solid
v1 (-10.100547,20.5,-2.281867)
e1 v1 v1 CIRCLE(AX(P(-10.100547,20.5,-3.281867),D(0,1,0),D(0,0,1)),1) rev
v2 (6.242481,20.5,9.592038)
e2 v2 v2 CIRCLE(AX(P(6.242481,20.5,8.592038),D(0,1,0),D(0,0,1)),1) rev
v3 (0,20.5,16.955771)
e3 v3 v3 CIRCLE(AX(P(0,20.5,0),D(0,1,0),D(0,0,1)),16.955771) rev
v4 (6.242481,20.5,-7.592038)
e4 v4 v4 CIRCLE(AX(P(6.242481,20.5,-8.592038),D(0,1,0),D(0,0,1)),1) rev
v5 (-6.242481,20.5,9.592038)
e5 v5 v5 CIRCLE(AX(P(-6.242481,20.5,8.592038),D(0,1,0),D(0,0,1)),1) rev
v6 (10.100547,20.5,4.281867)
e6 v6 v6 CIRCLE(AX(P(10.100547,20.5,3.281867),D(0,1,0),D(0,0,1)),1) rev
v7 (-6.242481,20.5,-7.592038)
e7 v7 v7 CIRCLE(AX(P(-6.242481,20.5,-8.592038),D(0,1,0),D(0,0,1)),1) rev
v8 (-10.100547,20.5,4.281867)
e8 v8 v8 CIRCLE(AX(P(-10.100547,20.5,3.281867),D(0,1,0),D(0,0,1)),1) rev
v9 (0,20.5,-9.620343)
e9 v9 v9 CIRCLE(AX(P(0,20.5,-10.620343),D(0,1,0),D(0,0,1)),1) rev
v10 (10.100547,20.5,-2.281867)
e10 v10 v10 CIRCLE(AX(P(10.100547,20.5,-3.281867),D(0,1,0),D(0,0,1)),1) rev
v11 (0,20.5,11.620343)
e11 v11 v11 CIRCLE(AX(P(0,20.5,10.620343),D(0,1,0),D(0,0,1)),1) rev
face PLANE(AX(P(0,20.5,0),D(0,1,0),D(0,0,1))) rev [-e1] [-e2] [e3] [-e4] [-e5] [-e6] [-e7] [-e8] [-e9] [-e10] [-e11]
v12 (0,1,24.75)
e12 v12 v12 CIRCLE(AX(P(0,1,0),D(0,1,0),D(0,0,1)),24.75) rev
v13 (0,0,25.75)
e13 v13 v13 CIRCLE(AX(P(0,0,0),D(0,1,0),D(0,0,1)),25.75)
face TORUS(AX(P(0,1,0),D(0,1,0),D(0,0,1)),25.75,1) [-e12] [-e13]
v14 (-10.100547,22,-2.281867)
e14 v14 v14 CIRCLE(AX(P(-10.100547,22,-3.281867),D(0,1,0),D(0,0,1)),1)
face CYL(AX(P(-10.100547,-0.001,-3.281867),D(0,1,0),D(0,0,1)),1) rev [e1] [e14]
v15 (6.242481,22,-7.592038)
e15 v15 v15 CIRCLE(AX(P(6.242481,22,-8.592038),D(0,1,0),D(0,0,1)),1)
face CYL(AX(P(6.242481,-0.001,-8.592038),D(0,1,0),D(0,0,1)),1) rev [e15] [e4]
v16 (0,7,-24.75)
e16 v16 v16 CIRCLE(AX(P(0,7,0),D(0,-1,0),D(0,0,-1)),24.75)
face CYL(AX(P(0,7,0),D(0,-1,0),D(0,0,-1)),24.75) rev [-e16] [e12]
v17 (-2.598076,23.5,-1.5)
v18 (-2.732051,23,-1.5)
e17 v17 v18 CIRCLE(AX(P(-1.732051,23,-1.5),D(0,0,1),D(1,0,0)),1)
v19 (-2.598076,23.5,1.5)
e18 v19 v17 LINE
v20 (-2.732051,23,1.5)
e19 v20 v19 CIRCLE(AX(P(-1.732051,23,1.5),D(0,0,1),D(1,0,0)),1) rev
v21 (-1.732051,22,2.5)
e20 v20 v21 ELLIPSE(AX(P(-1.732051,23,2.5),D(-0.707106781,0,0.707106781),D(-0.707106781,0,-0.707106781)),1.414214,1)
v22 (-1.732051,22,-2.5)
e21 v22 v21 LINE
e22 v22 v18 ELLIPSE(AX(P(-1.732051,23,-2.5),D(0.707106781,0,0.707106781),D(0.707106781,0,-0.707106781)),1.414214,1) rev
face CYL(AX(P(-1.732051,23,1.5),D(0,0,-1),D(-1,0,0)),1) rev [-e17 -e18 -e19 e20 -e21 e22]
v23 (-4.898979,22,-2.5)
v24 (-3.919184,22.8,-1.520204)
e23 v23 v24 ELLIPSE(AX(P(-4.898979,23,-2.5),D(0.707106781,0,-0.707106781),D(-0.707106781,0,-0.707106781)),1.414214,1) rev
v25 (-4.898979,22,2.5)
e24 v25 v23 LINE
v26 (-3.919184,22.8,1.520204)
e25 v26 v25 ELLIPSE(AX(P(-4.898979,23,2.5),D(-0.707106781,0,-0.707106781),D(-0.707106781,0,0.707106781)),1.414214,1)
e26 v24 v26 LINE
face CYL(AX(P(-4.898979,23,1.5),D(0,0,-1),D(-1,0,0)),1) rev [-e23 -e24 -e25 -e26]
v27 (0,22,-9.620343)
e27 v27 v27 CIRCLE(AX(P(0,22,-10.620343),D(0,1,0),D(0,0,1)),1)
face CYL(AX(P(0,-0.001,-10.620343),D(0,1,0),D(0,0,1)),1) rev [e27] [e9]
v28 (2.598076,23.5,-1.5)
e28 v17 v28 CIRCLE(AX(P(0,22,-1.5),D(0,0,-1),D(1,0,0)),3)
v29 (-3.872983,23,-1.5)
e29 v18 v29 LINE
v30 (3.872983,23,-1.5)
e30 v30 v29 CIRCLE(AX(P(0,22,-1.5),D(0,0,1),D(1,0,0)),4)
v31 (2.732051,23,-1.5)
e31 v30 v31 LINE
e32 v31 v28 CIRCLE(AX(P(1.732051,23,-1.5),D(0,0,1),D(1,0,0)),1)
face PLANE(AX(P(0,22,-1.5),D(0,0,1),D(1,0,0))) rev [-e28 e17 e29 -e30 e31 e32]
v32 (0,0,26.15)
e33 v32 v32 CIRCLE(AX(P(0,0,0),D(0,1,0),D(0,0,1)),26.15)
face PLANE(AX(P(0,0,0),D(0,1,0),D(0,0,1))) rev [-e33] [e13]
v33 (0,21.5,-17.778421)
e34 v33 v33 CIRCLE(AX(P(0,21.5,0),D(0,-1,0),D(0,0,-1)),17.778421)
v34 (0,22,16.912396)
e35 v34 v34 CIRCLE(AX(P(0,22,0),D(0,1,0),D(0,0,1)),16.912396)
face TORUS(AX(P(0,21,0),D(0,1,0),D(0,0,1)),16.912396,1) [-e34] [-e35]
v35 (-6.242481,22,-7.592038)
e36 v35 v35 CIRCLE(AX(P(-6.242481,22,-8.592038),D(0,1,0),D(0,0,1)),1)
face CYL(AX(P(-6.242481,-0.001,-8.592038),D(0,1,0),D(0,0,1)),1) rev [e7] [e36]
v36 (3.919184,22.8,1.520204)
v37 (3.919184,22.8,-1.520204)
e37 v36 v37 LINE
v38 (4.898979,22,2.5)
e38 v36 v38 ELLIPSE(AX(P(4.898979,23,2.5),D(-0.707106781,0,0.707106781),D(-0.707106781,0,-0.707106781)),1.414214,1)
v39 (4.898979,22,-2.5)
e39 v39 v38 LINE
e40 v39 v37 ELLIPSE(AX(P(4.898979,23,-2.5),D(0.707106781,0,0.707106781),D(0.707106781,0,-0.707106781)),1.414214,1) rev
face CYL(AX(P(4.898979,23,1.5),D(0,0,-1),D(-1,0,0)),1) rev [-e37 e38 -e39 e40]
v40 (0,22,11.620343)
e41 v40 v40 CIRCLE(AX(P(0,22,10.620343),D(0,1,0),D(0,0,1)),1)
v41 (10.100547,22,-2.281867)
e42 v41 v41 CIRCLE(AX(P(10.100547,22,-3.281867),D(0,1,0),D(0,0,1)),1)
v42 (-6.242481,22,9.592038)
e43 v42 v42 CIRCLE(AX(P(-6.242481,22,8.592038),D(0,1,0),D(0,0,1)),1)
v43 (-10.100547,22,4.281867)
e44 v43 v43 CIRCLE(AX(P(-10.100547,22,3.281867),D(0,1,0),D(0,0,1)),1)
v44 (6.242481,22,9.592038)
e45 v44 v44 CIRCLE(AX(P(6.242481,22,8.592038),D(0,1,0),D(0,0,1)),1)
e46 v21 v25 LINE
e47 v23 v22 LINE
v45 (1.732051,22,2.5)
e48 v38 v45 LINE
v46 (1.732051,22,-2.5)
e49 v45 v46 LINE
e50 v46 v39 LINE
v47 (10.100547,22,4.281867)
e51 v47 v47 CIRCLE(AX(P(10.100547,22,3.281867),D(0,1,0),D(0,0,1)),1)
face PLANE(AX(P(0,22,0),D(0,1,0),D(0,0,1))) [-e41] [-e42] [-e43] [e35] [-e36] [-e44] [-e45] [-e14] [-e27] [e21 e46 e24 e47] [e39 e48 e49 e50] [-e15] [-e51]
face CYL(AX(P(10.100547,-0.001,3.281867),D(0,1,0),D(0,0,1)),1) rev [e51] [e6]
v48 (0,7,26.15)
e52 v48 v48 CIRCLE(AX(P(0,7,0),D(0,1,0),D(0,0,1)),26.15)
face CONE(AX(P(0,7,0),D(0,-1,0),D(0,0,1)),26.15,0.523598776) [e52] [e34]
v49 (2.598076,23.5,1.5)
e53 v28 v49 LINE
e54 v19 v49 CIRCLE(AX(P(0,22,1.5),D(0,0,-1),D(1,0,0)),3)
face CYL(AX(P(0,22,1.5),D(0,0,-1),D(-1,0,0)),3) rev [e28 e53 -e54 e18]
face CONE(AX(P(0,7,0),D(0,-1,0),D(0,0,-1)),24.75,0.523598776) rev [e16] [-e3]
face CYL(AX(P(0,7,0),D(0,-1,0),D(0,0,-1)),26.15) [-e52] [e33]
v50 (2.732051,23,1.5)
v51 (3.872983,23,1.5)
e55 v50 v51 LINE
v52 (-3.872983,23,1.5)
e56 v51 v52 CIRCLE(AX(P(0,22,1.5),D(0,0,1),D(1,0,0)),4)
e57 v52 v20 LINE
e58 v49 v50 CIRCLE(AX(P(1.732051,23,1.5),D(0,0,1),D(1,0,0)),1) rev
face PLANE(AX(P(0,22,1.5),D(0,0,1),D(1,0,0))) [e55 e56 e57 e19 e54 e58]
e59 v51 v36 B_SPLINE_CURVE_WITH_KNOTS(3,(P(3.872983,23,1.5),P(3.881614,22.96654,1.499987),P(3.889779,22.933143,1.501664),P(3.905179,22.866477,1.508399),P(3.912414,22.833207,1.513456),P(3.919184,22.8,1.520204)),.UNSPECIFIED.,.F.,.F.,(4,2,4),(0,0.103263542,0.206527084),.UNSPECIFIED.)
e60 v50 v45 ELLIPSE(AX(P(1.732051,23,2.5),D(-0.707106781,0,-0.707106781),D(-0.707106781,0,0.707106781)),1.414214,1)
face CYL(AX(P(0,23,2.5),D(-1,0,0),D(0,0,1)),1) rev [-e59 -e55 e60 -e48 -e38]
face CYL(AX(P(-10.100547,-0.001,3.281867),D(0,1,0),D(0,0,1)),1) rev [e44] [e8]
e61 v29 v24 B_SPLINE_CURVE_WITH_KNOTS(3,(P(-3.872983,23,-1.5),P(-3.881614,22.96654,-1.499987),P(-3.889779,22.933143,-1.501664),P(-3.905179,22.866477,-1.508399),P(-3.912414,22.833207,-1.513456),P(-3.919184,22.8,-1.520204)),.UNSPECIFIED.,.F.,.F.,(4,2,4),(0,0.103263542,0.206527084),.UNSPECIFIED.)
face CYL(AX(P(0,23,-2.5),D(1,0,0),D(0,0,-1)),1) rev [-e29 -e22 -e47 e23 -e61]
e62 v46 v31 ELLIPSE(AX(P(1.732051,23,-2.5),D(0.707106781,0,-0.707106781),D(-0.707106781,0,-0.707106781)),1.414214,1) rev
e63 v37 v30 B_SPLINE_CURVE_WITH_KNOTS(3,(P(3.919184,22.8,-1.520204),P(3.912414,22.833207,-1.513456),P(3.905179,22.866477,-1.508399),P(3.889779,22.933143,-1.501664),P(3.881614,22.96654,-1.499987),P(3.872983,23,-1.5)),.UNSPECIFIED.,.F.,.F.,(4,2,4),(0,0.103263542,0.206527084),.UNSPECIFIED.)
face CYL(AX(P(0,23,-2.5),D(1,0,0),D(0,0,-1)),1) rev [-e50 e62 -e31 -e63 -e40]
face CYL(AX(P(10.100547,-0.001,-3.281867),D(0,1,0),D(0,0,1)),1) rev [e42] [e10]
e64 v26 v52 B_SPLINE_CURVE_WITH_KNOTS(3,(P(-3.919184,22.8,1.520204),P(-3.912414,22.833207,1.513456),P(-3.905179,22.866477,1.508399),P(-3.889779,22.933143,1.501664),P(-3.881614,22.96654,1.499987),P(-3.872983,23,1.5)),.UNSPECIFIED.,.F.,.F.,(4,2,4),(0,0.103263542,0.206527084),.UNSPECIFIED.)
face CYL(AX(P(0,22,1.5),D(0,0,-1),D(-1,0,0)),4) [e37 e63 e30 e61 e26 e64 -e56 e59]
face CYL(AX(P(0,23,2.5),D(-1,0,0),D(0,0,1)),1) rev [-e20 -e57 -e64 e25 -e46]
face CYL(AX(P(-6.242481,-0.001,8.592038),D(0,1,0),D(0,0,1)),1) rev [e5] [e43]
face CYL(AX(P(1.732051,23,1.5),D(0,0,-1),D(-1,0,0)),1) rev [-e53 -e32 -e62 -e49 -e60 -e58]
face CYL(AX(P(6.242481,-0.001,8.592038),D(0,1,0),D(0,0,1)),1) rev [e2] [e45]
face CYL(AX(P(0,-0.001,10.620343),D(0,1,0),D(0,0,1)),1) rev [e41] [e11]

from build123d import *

# Parameters (mm, degrees)
SKETCH1_R           = 26.15
SKETCH1_R_2         = 24.75
BOSS_EXTRUDE1_DEPTH = 7
SKETCH3_R           = 26.15
BOSS_EXTRUDE2_DEPTH = 15
BOSS_EXTRUDE2_TAPER = 30
SKETCH4_R           = 24.75
CUT_EXTRUDE1_DEPTH  = 13.5
CUT_EXTRUDE1_DRAFT  = -30
BOSS_EXTRUDE4_DEPTH = 1.5
FILLET2_R           = 1
CUT_EXTRUDE2_REACH  = 45.031
SKETCH6_R           = 1


with BuildPart() as part:
    # Sketch1 → Boss-Extrude1 (new body)
    with BuildSketch(Plane(origin=(0, 0, 0), x_dir=(1, 0, 0), z_dir=(0, 1, 0))):
        with Locations(Location((0, 0, 0), (0, 0, 270))):
            Circle(SKETCH1_R)
        with Locations(Location((0, 0, 0), (0, 0, 270))):
            Circle(SKETCH1_R_2, mode=Mode.SUBTRACT)
    extrude(amount=BOSS_EXTRUDE1_DEPTH)

    # Sketch3 → Boss-Extrude2 (add)
    with BuildSketch(Plane(origin=(0, 7, 0), x_dir=(1, 0, 0), z_dir=(0, 1, 0))):
        with Locations(Location((0, 0, 0), (0, 0, 270))):
            Circle(SKETCH3_R)
    extrude(amount=BOSS_EXTRUDE2_DEPTH, taper=BOSS_EXTRUDE2_TAPER)


with BuildPart() as cut_extrude1_tool:
    # Sketch4 → Cut-Extrude1 (with draft: the straight prism first)
    with BuildSketch(Plane.XZ.offset(-7)):
        with Locations(Location((0, 0, 0), (0, 0, 270))):
            Circle(SKETCH4_R)
    extrude(amount=-CUT_EXTRUDE1_DEPTH)
    # Cut-Extrude1: the draft: its side faces are tilted about the plane it starts from
    cut_extrude1_sides = [cut_extrude1_tool.faces().sort_by_distance(p)[0] for p in [
        (0, 13.75, 24.75),
    ]]
    draft(cut_extrude1_sides, Plane.XZ.offset(-7), CUT_EXTRUDE1_DRAFT)


with BuildPart() as part_1:
    add(part.part)

    # Cut-Extrude1: cut by cut_extrude1_tool
    add(cut_extrude1_tool.part, mode=Mode.SUBTRACT)

    # Sketch5 → Boss-Extrude4 (add, symmetric)
    with BuildSketch(Plane.XY):
        with BuildLine():
            Line((-4, 22), (-3, 22))
            ThreePointArc((-3, 22), (0, 25), (3, 22))
            Line((3, 22), (4, 22))
            ThreePointArc((4, 22), (0, 26), (-4, 22))
        make_face()
    extrude(amount=BOSS_EXTRUDE4_DEPTH, both=True)

    # Fillet2
    fillet2_edges = [part_1.edges().sort_by_distance(p)[0] for p in [
        (4, 22, 0),
        (-3.5, 22, -1.5),
        (-4, 22, 0),
        (-3, 22, 0),
        (3.5, 22, -1.5),
        (3, 22, 0),
        (-3.5, 22, 1.5),
        (3.5, 22, 1.5),
        (0, 0, -24.75),
        (0, 22, -17.489745962),
    ]]
    fillet(fillet2_edges, radius=FILLET2_R)

    # Sketch6 → Cut-Extrude2 (cut, up to next)
    with BuildSketch(Plane(origin=(0, 22, 0), x_dir=(1, 0, 0), z_dir=(0, 1, 0)), mode=Mode.PRIVATE) as cut_extrude2_sk1:
        with Locations(Location((0, 10.620343227, 0), (0, 0, 270))):
            Circle(SKETCH6_R)
    cut_extrude2_tool1 = extrude(cut_extrude2_sk1.sketch, amount=-CUT_EXTRUDE2_REACH, mode=Mode.PRIVATE) & part_1.part
    # Sketch6 → Cut-Extrude2 (cut, up to next)
    with BuildSketch(Plane(origin=(0, 22, 0), x_dir=(1, 0, 0), z_dir=(0, 1, 0)), mode=Mode.PRIVATE) as cut_extrude2_sk2:
        with Locations(Location((6.242481123, 8.592038157, 0), (0, 0, 270))):
            Circle(SKETCH6_R)
    cut_extrude2_tool2 = extrude(cut_extrude2_sk2.sketch, amount=-CUT_EXTRUDE2_REACH, mode=Mode.PRIVATE) & part_1.part
    # Sketch6 → Cut-Extrude2 (cut, up to next)
    with BuildSketch(Plane(origin=(0, 22, 0), x_dir=(1, 0, 0), z_dir=(0, 1, 0)), mode=Mode.PRIVATE) as cut_extrude2_sk3:
        with Locations(Location((10.100546631, 3.281866543, 0), (0, 0, 270))):
            Circle(SKETCH6_R)
    cut_extrude2_tool3 = extrude(cut_extrude2_sk3.sketch, amount=-CUT_EXTRUDE2_REACH, mode=Mode.PRIVATE) & part_1.part
    # Sketch6 → Cut-Extrude2 (cut, up to next)
    with BuildSketch(Plane(origin=(0, 22, 0), x_dir=(1, 0, 0), z_dir=(0, 1, 0)), mode=Mode.PRIVATE) as cut_extrude2_sk4:
        with Locations(Location((10.100546631, -3.281866543, 0), (0, 0, 270))):
            Circle(SKETCH6_R)
    cut_extrude2_tool4 = extrude(cut_extrude2_sk4.sketch, amount=-CUT_EXTRUDE2_REACH, mode=Mode.PRIVATE) & part_1.part
    # Sketch6 → Cut-Extrude2 (cut, up to next)
    with BuildSketch(Plane(origin=(0, 22, 0), x_dir=(1, 0, 0), z_dir=(0, 1, 0)), mode=Mode.PRIVATE) as cut_extrude2_sk5:
        with Locations(Location((6.242481123, -8.592038157, 0), (0, 0, 270))):
            Circle(SKETCH6_R)
    cut_extrude2_tool5 = extrude(cut_extrude2_sk5.sketch, amount=-CUT_EXTRUDE2_REACH, mode=Mode.PRIVATE) & part_1.part
    # Sketch6 → Cut-Extrude2 (cut, up to next)
    with BuildSketch(Plane(origin=(0, 22, 0), x_dir=(1, 0, 0), z_dir=(0, 1, 0)), mode=Mode.PRIVATE) as cut_extrude2_sk6:
        with Locations(Location((0, -10.620343227, 0), (0, 0, 270))):
            Circle(SKETCH6_R)
    cut_extrude2_tool6 = extrude(cut_extrude2_sk6.sketch, amount=-CUT_EXTRUDE2_REACH, mode=Mode.PRIVATE) & part_1.part
    # Sketch6 → Cut-Extrude2 (cut, up to next)
    with BuildSketch(Plane(origin=(0, 22, 0), x_dir=(1, 0, 0), z_dir=(0, 1, 0)), mode=Mode.PRIVATE) as cut_extrude2_sk7:
        with Locations(Location((-6.242481123, -8.592038157, 0), (0, 0, 270))):
            Circle(SKETCH6_R)
    cut_extrude2_tool7 = extrude(cut_extrude2_sk7.sketch, amount=-CUT_EXTRUDE2_REACH, mode=Mode.PRIVATE) & part_1.part
    # Sketch6 → Cut-Extrude2 (cut, up to next)
    with BuildSketch(Plane(origin=(0, 22, 0), x_dir=(1, 0, 0), z_dir=(0, 1, 0)), mode=Mode.PRIVATE) as cut_extrude2_sk8:
        with Locations(Location((-10.100546631, -3.281866543, 0), (0, 0, 270))):
            Circle(SKETCH6_R)
    cut_extrude2_tool8 = extrude(cut_extrude2_sk8.sketch, amount=-CUT_EXTRUDE2_REACH, mode=Mode.PRIVATE) & part_1.part
    # Sketch6 → Cut-Extrude2 (cut, up to next)
    with BuildSketch(Plane(origin=(0, 22, 0), x_dir=(1, 0, 0), z_dir=(0, 1, 0)), mode=Mode.PRIVATE) as cut_extrude2_sk9:
        with Locations(Location((-10.100546631, 3.281866543, 0), (0, 0, 270))):
            Circle(SKETCH6_R)
    cut_extrude2_tool9 = extrude(cut_extrude2_sk9.sketch, amount=-CUT_EXTRUDE2_REACH, mode=Mode.PRIVATE) & part_1.part
    # Sketch6 → Cut-Extrude2 (cut, up to next)
    with BuildSketch(Plane(origin=(0, 22, 0), x_dir=(1, 0, 0), z_dir=(0, 1, 0)), mode=Mode.PRIVATE) as cut_extrude2_sk10:
        with Locations(Location((-6.242481123, 8.592038157, 0), (0, 0, 270))):
            Circle(SKETCH6_R)
    cut_extrude2_tool10 = extrude(cut_extrude2_sk10.sketch, amount=-CUT_EXTRUDE2_REACH, mode=Mode.PRIVATE) & part_1.part
    add(cut_extrude2_tool1.solids().sort_by_distance((0, 22, -10.620343))[0], mode=Mode.SUBTRACT)
    add(cut_extrude2_tool2.solids().sort_by_distance((6.242481, 22, -8.592038))[0], mode=Mode.SUBTRACT)
    add(cut_extrude2_tool3.solids().sort_by_distance((10.100547, 22, -3.281867))[0], mode=Mode.SUBTRACT)
    add(cut_extrude2_tool4.solids().sort_by_distance((10.100547, 22, 3.281867))[0], mode=Mode.SUBTRACT)
    add(cut_extrude2_tool5.solids().sort_by_distance((6.242481, 22, 8.592038))[0], mode=Mode.SUBTRACT)
    add(cut_extrude2_tool6.solids().sort_by_distance((0, 22, 10.620343))[0], mode=Mode.SUBTRACT)
    add(cut_extrude2_tool7.solids().sort_by_distance((-6.242481, 22, 8.592038))[0], mode=Mode.SUBTRACT)
    add(cut_extrude2_tool8.solids().sort_by_distance((-10.100547, 22, 3.281867))[0], mode=Mode.SUBTRACT)
    add(cut_extrude2_tool9.solids().sort_by_distance((-10.100547, 22, -3.281867))[0], mode=Mode.SUBTRACT)
    add(cut_extrude2_tool10.solids().sort_by_distance((-6.242481, 22, -8.592038))[0], mode=Mode.SUBTRACT)


solid = part_1.part
